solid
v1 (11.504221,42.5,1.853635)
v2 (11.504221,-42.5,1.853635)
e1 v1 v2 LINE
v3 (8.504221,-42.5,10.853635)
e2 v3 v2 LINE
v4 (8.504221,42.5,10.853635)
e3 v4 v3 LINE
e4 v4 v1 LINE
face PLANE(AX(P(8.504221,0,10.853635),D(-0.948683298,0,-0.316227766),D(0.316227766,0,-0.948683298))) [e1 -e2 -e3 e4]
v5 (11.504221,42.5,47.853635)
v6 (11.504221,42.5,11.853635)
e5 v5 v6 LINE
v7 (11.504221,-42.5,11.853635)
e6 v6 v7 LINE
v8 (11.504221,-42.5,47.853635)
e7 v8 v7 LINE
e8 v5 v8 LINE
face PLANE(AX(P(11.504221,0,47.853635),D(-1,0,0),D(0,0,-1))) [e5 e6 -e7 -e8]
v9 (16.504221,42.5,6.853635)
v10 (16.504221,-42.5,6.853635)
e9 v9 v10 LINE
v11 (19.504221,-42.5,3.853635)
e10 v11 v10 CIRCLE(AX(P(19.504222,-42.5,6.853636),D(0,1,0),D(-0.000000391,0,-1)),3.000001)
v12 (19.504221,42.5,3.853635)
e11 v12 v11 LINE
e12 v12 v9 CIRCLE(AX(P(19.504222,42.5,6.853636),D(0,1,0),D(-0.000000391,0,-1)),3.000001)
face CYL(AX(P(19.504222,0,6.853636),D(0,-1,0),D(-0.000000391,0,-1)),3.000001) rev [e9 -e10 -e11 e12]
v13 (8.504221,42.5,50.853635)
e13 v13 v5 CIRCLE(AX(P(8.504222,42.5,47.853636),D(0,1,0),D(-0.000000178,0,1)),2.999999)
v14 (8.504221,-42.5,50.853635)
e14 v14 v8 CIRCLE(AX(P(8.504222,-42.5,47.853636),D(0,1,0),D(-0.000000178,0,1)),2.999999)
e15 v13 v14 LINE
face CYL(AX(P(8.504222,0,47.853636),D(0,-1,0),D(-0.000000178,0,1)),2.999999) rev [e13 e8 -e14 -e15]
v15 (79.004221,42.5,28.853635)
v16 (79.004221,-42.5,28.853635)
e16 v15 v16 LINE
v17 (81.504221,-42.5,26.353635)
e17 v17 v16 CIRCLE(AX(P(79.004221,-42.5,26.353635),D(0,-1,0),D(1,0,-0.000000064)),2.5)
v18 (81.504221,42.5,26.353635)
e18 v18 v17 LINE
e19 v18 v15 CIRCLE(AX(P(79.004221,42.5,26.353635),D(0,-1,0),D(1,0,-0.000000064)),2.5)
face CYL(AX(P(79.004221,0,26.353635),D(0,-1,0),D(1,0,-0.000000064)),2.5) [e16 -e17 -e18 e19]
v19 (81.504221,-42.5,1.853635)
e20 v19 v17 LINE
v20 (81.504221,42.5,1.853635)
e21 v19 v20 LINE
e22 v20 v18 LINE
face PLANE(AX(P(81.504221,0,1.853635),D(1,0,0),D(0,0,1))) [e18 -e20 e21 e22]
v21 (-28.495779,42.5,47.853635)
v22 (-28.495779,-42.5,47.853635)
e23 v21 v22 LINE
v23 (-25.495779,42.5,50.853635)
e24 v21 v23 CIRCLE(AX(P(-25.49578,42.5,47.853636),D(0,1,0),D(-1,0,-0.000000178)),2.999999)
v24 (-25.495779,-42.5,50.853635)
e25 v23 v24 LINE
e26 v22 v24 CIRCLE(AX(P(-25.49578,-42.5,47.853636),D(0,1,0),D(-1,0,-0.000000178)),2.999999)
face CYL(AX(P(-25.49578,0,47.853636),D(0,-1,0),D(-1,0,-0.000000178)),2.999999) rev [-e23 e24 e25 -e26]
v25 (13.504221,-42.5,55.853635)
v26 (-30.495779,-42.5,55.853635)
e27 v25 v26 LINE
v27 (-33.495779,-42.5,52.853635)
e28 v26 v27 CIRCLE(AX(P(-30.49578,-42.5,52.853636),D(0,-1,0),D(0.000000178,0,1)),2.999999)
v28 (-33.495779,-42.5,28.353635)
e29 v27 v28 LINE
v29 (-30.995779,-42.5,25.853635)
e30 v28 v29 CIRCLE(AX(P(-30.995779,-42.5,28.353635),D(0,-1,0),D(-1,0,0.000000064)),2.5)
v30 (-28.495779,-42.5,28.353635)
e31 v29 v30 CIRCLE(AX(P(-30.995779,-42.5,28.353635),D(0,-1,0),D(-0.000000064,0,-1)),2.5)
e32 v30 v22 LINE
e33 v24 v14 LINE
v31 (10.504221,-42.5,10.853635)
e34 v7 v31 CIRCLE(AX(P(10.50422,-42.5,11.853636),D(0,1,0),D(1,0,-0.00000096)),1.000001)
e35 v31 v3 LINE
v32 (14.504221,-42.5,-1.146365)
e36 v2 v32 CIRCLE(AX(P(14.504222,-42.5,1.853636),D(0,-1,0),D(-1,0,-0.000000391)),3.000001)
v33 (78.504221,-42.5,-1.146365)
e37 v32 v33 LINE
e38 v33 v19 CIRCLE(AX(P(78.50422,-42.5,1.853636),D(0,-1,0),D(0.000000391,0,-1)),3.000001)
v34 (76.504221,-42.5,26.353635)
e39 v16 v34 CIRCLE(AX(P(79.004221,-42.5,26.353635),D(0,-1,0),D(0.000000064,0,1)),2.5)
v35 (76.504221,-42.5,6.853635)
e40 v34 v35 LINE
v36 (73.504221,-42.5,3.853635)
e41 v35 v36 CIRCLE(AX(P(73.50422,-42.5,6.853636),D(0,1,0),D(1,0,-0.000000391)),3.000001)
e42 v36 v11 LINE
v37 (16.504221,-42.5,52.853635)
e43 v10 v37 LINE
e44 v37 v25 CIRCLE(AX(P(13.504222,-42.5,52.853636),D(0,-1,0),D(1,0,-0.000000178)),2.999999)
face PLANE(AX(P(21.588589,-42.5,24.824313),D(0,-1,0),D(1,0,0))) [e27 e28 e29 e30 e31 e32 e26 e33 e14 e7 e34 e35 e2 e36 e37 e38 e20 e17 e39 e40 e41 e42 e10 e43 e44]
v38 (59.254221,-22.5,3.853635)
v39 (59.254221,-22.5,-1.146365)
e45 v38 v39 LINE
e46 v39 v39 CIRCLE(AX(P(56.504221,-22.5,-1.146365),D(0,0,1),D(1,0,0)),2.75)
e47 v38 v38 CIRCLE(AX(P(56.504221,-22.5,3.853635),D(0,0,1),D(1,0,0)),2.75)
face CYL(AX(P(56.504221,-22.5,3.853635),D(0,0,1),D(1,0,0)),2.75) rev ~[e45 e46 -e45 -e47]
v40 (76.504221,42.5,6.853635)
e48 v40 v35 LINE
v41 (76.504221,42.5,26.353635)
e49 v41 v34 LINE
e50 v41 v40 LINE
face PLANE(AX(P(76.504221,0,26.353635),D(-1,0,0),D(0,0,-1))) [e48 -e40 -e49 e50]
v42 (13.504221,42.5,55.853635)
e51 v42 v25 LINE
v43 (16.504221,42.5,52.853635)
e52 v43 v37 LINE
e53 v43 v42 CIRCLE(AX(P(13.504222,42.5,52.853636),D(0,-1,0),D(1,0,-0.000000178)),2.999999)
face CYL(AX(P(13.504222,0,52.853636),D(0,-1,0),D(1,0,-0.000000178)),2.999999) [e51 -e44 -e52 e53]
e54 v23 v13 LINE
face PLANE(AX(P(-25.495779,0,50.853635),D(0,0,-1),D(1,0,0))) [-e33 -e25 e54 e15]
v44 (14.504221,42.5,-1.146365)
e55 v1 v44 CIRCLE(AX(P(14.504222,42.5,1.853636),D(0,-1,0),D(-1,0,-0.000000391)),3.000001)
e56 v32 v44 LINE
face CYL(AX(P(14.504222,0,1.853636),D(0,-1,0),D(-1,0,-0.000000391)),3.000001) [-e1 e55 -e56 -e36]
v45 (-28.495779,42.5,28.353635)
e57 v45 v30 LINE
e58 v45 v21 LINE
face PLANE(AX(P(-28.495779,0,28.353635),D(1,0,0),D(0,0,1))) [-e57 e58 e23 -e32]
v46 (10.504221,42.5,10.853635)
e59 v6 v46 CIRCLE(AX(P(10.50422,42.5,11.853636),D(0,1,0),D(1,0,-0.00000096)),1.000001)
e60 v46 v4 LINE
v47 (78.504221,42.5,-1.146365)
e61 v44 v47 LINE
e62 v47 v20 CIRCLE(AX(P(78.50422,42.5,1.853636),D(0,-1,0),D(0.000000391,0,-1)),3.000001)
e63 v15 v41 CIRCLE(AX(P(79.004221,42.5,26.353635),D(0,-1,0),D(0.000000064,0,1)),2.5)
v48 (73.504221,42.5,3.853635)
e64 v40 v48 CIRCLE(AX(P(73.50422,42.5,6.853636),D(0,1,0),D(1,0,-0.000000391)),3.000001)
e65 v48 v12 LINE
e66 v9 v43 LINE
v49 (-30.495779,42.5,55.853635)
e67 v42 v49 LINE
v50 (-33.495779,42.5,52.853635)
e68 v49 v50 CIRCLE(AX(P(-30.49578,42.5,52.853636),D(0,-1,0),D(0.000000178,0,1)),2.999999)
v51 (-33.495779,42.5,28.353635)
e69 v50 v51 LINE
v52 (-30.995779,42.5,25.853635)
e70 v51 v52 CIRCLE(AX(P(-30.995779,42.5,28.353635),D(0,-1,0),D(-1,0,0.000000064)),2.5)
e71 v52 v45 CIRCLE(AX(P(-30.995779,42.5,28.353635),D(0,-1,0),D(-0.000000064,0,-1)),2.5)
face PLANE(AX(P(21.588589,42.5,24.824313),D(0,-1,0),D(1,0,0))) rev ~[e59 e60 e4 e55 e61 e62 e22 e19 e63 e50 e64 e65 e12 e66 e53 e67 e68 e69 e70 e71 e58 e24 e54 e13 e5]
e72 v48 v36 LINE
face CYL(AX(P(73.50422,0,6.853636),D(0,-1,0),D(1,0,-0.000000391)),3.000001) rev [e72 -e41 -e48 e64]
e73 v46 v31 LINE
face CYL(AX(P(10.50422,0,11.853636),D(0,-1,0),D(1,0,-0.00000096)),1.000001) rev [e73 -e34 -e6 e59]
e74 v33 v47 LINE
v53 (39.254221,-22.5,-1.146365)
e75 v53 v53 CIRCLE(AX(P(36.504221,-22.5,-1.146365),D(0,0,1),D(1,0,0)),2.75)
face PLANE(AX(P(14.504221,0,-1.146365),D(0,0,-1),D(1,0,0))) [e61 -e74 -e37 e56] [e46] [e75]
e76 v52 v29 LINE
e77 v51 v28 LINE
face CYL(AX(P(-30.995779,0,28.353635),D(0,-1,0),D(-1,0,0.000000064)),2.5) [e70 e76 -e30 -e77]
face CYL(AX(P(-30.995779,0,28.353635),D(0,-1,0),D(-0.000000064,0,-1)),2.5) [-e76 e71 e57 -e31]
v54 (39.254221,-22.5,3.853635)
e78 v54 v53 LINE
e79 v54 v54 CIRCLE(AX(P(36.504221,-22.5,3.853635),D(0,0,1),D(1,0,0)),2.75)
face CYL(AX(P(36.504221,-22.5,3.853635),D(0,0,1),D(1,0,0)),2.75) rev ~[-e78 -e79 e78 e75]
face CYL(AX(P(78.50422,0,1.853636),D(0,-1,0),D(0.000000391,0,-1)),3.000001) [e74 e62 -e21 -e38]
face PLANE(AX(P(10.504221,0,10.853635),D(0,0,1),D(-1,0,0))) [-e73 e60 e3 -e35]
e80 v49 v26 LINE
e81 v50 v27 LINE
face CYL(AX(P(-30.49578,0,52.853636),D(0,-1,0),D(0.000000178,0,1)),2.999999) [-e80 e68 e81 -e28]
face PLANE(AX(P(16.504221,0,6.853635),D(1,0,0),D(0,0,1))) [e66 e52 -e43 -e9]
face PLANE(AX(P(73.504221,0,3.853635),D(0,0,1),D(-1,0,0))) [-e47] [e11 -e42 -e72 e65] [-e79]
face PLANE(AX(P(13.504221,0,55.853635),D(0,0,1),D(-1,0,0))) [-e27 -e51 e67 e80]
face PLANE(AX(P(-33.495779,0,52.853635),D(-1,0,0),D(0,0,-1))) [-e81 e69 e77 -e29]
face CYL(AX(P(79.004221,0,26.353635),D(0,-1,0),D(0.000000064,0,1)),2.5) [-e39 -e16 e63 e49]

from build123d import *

# Parameters (mm, degrees)
F1_DEPTH = 42.5
F2_R     = 2.75
F3_DEPTH = 5.001


with BuildPart() as f1:
    # F0 (on Front) → F1 (new body, symmetric)
    with BuildSketch(Plane.XZ):
        with BuildLine():
            Line((81.504221, 1.853635), (81.504221, 26.353635))
            ThreePointArc((81.504221, 26.353635), (80.771988, 28.121402), (79.004221, 28.853635))
            ThreePointArc((79.004221, 28.853635), (77.236454, 28.121402), (76.504221, 26.353635))
            Line((76.504221, 26.353635), (76.504221, 6.853635))
            ThreePointArc((76.504221, 6.853635), (75.625541, 4.732315), (73.504221, 3.853635))
            Line((73.504221, 3.853635), (19.504221, 3.853635))
            ThreePointArc((19.504221, 3.853635), (17.382901, 4.732315), (16.504221, 6.853635))
            Line((16.504221, 6.853635), (16.504221, 52.853635))
            ThreePointArc((16.504221, 52.853635), (15.625541, 54.974956), (13.504221, 55.853635))
            Line((13.504221, 55.853635), (-30.495779, 55.853635))
            ThreePointArc((-30.495779, 55.853635), (-32.617099, 54.974956), (-33.495779, 52.853635))
            Line((-33.495779, 52.853635), (-33.495779, 28.353635))
            ThreePointArc((-33.495779, 28.353635), (-32.763546, 26.585868), (-30.995779, 25.853635))
            ThreePointArc((-30.995779, 25.853635), (-29.228012, 26.585868), (-28.495779, 28.353635))
            Line((-28.495779, 28.353635), (-28.495779, 47.853635))
            ThreePointArc((-28.495779, 47.853635), (-27.617099, 49.974956), (-25.495779, 50.853635))
            Line((-25.495779, 50.853635), (8.504221, 50.853635))
            ThreePointArc((8.504221, 50.853635), (10.625541, 49.974956), (11.504221, 47.853635))
            Line((11.504221, 47.853635), (11.504221, 11.853635))
            ThreePointArc((11.504221, 11.853635), (11.211328, 11.146529), (10.504221, 10.853635))
            Line((10.504221, 10.853635), (8.504221, 10.853635))
            Line((8.504221, 10.853635), (11.504221, 1.853635))
            ThreePointArc((11.504221, 1.853635), (12.382901, -0.267685), (14.504221, -1.146365))
            Line((14.504221, -1.146365), (78.504221, -1.146365))
            ThreePointArc((78.504221, -1.146365), (80.625541, -0.267685), (81.504221, 1.853635))
        make_face()
    extrude(amount=F1_DEPTH, both=True)

    # F2 (on face) → F3 (cut, through all)
    with BuildSketch(Plane.XY.offset(3.853635)):
        with Locations((36.504221, -22.5)):
            Circle(F2_R)
        with Locations((56.504221, -22.5)):
            Circle(F2_R)
    extrude(amount=-F3_DEPTH, mode=Mode.SUBTRACT)


solid = f1.part
